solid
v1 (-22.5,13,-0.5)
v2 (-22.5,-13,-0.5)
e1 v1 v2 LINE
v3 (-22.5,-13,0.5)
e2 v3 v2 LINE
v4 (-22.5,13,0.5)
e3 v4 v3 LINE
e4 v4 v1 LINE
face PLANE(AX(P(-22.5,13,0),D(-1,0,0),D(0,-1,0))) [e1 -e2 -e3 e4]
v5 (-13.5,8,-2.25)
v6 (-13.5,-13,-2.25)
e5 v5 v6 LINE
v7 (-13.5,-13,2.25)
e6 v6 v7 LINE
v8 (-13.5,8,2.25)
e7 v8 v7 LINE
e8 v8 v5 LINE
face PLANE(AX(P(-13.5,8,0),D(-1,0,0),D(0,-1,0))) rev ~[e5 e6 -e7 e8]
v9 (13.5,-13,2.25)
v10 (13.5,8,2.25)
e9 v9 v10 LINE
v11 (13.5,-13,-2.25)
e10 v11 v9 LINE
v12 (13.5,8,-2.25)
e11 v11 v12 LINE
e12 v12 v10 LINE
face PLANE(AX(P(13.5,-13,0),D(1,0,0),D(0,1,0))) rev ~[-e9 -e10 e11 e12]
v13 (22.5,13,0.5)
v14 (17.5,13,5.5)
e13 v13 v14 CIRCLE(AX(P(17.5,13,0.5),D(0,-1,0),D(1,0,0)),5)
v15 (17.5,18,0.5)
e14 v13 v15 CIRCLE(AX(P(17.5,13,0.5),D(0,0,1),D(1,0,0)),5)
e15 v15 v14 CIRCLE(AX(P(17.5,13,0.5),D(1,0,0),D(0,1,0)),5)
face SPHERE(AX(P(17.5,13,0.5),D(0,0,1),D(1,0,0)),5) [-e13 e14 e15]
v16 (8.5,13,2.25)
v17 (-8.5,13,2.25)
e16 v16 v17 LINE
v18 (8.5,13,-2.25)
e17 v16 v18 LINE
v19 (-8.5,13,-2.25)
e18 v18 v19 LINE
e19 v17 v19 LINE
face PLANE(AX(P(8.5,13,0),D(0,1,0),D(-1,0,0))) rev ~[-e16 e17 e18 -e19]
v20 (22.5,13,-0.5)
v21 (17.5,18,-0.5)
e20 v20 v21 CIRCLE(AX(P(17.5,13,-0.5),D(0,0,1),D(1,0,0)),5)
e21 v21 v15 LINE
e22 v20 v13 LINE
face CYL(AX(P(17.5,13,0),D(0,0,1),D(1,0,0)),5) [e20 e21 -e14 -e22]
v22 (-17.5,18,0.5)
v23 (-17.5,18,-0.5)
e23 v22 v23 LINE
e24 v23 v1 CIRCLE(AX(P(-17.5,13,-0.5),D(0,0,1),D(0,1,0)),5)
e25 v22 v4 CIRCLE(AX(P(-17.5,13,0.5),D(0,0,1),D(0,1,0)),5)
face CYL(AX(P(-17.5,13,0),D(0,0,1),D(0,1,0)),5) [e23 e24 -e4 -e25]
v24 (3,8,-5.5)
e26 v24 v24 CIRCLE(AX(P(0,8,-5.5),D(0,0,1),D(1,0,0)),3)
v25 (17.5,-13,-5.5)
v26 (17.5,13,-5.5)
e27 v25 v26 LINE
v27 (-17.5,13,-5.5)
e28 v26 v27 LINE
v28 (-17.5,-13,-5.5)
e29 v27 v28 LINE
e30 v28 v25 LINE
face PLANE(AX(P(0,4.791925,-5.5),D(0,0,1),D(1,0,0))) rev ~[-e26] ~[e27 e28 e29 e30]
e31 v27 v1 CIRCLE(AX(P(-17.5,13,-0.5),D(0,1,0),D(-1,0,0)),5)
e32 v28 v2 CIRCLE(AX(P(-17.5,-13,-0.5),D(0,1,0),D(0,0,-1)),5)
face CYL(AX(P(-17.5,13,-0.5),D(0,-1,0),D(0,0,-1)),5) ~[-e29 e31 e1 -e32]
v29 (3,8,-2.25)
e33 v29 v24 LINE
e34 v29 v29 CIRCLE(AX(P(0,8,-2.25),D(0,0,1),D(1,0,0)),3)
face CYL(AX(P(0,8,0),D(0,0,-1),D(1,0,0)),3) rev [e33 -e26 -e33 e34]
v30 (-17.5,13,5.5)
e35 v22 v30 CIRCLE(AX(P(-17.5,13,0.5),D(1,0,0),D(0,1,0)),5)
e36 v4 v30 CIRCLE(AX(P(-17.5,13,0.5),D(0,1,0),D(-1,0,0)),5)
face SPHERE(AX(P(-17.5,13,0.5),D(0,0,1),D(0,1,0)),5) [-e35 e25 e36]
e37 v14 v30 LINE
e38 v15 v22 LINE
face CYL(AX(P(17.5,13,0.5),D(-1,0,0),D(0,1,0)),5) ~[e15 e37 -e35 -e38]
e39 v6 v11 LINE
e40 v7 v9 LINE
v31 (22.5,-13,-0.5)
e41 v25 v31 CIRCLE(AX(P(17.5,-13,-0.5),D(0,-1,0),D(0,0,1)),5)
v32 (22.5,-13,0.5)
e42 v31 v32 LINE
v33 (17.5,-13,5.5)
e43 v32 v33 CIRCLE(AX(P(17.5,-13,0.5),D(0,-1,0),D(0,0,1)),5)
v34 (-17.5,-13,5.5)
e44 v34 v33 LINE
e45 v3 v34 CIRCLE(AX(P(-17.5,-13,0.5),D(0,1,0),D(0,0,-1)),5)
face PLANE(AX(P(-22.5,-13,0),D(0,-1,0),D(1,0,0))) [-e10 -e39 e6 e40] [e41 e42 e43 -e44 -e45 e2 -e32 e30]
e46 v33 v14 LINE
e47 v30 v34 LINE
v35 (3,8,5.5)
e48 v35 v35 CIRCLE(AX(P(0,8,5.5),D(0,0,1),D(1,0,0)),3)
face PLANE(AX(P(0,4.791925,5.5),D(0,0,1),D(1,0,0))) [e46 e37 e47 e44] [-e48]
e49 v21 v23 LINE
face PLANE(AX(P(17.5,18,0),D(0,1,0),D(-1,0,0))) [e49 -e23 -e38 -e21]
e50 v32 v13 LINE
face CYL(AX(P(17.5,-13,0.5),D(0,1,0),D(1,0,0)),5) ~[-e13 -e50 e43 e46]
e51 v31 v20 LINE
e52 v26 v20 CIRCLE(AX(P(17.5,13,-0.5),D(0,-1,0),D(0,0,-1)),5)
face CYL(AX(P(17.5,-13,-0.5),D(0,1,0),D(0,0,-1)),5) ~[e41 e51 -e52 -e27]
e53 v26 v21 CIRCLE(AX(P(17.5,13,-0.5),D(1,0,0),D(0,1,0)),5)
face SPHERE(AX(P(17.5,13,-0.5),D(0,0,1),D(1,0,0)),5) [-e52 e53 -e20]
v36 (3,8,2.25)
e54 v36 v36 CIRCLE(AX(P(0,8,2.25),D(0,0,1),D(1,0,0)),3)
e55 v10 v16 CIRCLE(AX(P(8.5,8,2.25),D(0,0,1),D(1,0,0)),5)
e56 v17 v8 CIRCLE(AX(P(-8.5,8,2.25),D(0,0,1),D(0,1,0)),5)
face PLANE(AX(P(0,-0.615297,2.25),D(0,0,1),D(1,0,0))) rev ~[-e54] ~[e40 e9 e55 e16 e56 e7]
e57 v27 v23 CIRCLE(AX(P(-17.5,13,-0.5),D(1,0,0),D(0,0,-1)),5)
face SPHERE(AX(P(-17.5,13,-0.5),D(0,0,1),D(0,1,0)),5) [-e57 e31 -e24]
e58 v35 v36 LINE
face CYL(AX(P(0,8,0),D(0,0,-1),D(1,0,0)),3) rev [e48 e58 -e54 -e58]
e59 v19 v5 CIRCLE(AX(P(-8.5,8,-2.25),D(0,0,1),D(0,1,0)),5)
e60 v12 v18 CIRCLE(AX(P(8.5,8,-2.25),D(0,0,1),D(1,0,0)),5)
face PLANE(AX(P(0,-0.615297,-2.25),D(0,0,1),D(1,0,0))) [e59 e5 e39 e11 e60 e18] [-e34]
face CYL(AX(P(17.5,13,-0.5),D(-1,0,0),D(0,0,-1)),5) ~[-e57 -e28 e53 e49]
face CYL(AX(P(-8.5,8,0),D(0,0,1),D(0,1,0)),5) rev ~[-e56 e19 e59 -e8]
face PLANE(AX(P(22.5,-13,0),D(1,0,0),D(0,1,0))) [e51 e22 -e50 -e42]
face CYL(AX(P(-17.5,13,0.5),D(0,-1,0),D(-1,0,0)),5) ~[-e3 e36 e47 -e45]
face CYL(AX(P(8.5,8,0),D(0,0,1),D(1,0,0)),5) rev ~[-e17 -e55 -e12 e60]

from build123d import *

# Parameters (mm, degrees)
F1_R     = 3
F2_DEPTH = 5.5
F3_DEPTH = 2.25
F4_R     = 5


with BuildPart() as f2:
    # F1 (on Top) → F2 (new body, symmetric)
    with BuildSketch(Plane.XY):
        with BuildLine():
            Line((-22.5, -13), (-13.5, -13))
            Line((-13.5, -13), (-13.5, 8))
            ThreePointArc((-13.5, 8), (-12.0355339059, 11.5355339059), (-8.5, 13))
            Line((-8.5, 13), (8.5, 13))
            ThreePointArc((8.5, 13), (12.0355339059, 11.5355339059), (13.5, 8))
            Line((13.5, 8), (13.5, -13))
            Line((13.5, -13), (22.5, -13))
            Line((22.5, -13), (22.5, 13))
            ThreePointArc((22.5, 13), (21.0355339059, 16.5355339059), (17.5, 18))
            Line((17.5, 18), (-17.5, 18))
            ThreePointArc((-17.5, 18), (-21.0355339059, 16.5355339059), (-22.5, 13))
            Line((-22.5, 13), (-22.5, -13))
        make_face()
        with BuildLine():
            Line((-13.5, 8), (-13.5, -13))
            Line((-13.5, -13), (13.5, -13))
            Line((13.5, -13), (13.5, 8))
            ThreePointArc((13.5, 8), (12.0355339059, 11.5355339059), (8.5, 13))
            Line((8.5, 13), (-8.5, 13))
            ThreePointArc((-8.5, 13), (-12.0355339059, 11.5355339059), (-13.5, 8))
        make_face()
        with Locations((0, 8)):
            Circle(F1_R, mode=Mode.SUBTRACT)
    extrude(amount=F2_DEPTH, both=True)

    # F1 (on Top) → F3 (cut, symmetric)
    with BuildSketch(Plane.XY):
        with BuildLine():
            Line((-13.5, 8), (-13.5, -13))
            Line((-13.5, -13), (13.5, -13))
            Line((13.5, -13), (13.5, 8))
            ThreePointArc((13.5, 8), (12.0355339059, 11.5355339059), (8.5, 13))
            Line((8.5, 13), (-8.5, 13))
            ThreePointArc((-8.5, 13), (-12.0355339059, 11.5355339059), (-13.5, 8))
        make_face()
        with Locations((0, 8)):
            Circle(F1_R, mode=Mode.SUBTRACT)
    extrude(amount=F3_DEPTH, both=True, mode=Mode.SUBTRACT)

    # F4
    f4_edges = [f2.edges().sort_by_distance(p)[0] for p in [
        (-22.5, 0, 5.5),
        (-21.035534, 16.535534, 5.5),
        (0, 18, 5.5),
        (21.035534, 16.535534, 5.5),
        (22.5, 0, 5.5),
        (22.5, 0, -5.5),
    ]]
    fillet(f4_edges, radius=F4_R)


solid = f2.part
